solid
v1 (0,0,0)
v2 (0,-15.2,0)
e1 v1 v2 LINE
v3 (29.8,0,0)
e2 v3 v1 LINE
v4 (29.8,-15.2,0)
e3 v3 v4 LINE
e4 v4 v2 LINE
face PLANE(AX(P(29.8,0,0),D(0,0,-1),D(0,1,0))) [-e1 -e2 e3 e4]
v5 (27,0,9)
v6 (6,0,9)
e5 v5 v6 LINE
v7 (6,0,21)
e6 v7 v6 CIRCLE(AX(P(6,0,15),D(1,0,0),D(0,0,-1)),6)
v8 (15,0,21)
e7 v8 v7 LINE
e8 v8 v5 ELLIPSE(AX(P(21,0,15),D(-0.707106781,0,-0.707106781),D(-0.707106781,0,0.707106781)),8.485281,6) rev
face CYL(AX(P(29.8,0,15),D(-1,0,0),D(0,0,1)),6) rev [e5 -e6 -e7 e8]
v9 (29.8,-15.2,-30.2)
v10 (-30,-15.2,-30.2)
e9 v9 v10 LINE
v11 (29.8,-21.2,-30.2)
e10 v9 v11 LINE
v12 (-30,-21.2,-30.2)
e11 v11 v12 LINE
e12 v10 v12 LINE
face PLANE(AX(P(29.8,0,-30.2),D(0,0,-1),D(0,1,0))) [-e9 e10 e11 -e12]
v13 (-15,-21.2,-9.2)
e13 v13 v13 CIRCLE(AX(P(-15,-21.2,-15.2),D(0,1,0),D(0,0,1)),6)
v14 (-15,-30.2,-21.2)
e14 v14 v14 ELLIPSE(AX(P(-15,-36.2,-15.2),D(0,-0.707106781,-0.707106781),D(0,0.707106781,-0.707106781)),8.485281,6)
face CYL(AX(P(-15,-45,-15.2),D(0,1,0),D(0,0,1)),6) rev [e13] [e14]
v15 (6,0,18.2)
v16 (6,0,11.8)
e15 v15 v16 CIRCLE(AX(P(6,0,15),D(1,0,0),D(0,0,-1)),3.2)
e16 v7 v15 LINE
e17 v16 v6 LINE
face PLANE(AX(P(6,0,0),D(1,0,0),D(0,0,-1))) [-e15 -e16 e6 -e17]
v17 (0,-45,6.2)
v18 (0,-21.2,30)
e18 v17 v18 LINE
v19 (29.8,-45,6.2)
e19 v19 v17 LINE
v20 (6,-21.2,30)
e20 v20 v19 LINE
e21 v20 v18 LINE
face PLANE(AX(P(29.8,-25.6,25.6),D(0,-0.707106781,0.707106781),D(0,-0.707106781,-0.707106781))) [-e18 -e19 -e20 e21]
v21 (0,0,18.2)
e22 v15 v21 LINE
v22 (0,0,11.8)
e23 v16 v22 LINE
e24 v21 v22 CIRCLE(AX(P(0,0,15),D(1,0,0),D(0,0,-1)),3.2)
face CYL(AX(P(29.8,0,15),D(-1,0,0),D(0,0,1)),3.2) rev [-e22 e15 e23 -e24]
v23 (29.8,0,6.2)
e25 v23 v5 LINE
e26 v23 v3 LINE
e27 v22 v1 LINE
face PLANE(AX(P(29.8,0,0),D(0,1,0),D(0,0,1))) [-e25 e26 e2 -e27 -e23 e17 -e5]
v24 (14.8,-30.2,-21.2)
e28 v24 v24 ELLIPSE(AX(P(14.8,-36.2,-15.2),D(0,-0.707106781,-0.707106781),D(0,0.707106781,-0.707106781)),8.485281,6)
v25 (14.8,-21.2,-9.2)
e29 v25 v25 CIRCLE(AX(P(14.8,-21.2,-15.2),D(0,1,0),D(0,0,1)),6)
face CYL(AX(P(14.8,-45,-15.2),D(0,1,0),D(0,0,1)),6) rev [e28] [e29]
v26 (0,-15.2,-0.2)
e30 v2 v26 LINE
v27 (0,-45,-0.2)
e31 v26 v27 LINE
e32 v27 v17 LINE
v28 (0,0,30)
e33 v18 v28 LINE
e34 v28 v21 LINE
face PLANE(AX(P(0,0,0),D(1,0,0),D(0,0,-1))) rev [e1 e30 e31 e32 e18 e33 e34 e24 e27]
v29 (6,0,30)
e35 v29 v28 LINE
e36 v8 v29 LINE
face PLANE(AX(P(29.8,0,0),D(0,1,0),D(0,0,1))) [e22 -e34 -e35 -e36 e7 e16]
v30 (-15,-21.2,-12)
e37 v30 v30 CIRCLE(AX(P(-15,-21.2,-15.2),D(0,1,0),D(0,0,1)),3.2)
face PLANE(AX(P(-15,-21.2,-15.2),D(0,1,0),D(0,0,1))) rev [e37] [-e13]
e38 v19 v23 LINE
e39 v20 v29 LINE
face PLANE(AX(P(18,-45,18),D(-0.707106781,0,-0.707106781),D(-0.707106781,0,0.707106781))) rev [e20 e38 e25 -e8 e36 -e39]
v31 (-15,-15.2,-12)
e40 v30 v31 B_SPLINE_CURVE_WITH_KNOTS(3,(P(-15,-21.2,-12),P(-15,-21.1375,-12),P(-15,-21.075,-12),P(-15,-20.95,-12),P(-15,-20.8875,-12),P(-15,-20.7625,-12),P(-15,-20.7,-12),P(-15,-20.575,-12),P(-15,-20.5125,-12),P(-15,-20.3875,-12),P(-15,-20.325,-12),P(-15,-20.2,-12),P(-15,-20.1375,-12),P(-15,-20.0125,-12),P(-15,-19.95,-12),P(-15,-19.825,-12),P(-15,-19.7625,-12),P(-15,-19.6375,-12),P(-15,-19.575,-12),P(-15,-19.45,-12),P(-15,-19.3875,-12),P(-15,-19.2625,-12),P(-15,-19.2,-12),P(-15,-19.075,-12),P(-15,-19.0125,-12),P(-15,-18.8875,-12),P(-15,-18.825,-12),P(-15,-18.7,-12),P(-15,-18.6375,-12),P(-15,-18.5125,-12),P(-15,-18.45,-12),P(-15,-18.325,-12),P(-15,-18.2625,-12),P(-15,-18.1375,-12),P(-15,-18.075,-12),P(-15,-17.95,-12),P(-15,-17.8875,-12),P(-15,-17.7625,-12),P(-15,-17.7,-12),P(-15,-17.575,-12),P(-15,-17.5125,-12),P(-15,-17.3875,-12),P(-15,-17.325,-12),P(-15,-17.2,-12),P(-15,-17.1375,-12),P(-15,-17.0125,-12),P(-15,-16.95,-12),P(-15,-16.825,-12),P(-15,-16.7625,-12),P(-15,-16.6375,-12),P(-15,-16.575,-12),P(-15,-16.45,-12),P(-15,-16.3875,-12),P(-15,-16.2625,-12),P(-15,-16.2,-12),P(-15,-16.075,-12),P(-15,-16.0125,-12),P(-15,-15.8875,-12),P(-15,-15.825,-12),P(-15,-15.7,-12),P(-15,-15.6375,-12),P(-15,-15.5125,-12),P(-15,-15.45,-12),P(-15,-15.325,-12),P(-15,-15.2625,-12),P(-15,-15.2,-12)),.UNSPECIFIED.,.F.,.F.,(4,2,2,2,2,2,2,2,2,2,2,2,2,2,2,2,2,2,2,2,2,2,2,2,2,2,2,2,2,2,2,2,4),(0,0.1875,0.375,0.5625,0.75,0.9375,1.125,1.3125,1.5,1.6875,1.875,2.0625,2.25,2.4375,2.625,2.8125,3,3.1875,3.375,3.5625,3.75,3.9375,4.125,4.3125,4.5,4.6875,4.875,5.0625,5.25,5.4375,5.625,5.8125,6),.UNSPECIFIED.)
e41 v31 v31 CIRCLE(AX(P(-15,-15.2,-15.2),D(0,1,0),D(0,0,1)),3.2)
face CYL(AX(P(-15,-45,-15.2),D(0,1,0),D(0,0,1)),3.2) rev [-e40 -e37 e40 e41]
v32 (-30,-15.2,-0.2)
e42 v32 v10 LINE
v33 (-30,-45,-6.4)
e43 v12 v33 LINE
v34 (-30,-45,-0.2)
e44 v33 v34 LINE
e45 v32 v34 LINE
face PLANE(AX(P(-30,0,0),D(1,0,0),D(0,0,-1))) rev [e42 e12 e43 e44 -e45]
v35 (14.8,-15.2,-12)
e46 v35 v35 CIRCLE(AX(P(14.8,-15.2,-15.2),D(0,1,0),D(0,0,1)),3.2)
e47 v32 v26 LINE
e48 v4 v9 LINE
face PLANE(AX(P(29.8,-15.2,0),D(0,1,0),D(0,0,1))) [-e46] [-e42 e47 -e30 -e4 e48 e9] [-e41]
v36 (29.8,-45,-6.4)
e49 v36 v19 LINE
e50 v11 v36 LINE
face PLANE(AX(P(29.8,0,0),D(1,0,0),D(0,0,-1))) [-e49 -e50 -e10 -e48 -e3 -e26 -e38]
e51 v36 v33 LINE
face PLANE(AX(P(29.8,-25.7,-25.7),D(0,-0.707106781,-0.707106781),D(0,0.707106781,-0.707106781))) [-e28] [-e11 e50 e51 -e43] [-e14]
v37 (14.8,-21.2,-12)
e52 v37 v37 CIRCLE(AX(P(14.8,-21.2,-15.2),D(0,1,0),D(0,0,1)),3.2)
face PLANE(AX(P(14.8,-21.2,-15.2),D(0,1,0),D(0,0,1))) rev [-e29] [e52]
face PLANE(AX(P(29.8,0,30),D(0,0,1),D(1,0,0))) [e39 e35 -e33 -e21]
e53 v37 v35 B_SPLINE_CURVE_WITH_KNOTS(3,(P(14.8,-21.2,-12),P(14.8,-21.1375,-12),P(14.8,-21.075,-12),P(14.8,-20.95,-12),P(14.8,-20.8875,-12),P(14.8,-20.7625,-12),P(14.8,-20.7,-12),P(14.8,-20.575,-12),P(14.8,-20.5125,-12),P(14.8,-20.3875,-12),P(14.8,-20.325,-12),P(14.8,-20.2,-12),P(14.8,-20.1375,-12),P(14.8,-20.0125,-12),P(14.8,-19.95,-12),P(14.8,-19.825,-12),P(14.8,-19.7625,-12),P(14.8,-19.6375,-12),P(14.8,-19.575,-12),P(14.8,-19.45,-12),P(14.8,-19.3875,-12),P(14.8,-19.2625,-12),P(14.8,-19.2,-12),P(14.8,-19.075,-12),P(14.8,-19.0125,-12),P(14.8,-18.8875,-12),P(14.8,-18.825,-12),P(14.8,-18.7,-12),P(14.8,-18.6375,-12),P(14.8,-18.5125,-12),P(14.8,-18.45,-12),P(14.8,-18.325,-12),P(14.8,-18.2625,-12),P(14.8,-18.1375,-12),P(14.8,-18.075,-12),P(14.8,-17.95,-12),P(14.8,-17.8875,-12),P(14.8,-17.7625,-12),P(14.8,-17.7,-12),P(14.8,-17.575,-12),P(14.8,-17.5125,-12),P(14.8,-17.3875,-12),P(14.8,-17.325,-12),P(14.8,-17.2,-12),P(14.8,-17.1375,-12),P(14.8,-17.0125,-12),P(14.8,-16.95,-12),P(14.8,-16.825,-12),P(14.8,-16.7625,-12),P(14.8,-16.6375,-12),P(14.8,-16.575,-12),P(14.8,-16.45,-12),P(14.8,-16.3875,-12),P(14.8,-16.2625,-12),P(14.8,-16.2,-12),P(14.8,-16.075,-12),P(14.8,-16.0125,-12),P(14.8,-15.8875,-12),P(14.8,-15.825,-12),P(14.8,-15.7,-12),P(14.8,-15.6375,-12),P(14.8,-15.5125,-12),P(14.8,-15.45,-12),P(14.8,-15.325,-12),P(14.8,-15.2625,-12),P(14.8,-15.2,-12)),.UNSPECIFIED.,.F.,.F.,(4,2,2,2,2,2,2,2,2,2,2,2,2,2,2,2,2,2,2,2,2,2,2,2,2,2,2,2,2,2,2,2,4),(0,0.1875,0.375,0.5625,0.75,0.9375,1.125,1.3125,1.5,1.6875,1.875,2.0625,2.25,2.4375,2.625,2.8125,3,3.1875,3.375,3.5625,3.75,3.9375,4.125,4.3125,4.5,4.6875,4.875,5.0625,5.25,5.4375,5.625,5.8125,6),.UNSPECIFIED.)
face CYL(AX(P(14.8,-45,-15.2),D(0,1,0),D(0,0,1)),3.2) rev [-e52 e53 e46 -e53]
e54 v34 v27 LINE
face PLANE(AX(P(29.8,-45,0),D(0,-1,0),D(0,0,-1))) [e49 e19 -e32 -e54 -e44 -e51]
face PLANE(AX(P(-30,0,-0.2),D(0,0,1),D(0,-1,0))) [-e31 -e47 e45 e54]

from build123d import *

# Parameters (mm, degrees)
BOSS_EXTRUDE1_DEPTH = 29.8
BOSS_EXTRUDE2_DEPTH = 30
SKETCH2_R           = 3.2
CUT_EXTRUDE1_DEPTH  = 62.943845538
CUT_EXTRUDE2_START  = -21.2
SKETCH2_3_R         = 6
SKETCH2_3_R_2       = 3.2
CUT_EXTRUDE2_DEPTH  = 41.743845538
CUT_EXTRUDE3_START  = 6
CUT_EXTRUDE3_DEPTH  = 56.943845538


with BuildPart() as part:
    # Sketch1 → Boss-Extrude1 (new body)
    with BuildSketch(Plane.YZ):
        with BuildLine():
            Line((-15.2, 0), (0, 0))
            Line((0, 0), (0, 11.8))
            ThreePointArc((0, 11.8), (-3.2, 15), (0, 18.2))
            Line((0, 18.2), (0, 30))
            Line((0, 30), (-21.2, 30))
            Line((-21.2, 30), (-45, 6.2))
            Line((-45, 6.2), (-45, -6.4))
            Line((-45, -6.4), (-21.2, -30.2))
            Line((-21.2, -30.2), (-15.2, -30.2))
            Line((-15.2, -30.2), (-15.2, 0))
        make_face()
    extrude(amount=BOSS_EXTRUDE1_DEPTH)

    # Sketch1<3> → Boss-Extrude2 (add)
    with BuildSketch(Plane.YZ):
        Polygon((-15.2, -30.2), (-15.2, -0.2), (-45, -0.2), (-45, -6.4), (-21.2, -30.2), align=None)
    extrude(amount=-BOSS_EXTRUDE2_DEPTH)

    # Sketch2 → Cut-Extrude1 (cut, through all)
    with BuildSketch(Plane(origin=(0, 0, 0), x_dir=(-1, 0, 0), z_dir=(0, 1, 0))):
        Polygon((-29.8, 18.2), (-17.8, 18.2), (-6, 30), (-29.8, 30), align=None)
        Polygon((-29.8, 11.8), (-24.2, 11.8), (-17.8, 18.2), (-29.8, 18.2), align=None)
        Polygon((-29.8, 11.8), (-29.8, 6.2), (-24.2, 11.8), align=None)
        with Locations(Location((-14.8, -15.2, 0), (0, 0, 90))):
            Circle(SKETCH2_R)
        with Locations(Location((15, -15.2, 0), (0, 0, 90))):
            Circle(SKETCH2_R)
    extrude(amount=-CUT_EXTRUDE1_DEPTH, mode=Mode.SUBTRACT)

    # Sketch2<3> → Cut-Extrude2 (cut, through all)
    # profile 1 of 2: a face of its own
    with BuildSketch(Plane(origin=(0, 0, 0), x_dir=(-1, 0, 0), z_dir=(0, 1, 0)).offset(CUT_EXTRUDE2_START)):
        with Locations(Location((-14.8, -15.2, 0), (0, 0, 90))):
            Circle(SKETCH2_3_R)
        with Locations(Location((-14.8, -15.2, 0), (0, 0, 90))):
            Circle(SKETCH2_3_R_2, mode=Mode.SUBTRACT)
    # profile 2 of 2: a face of its own
    with BuildSketch(Plane(origin=(0, 0, 0), x_dir=(-1, 0, 0), z_dir=(0, 1, 0)).offset(CUT_EXTRUDE2_START)):
        with Locations(Location((15, -15.2, 0), (0, 0, 90))):
            Circle(SKETCH2_3_R)
        with Locations(Location((15, -15.2, 0), (0, 0, 90))):
            Circle(SKETCH2_3_R_2, mode=Mode.SUBTRACT)
    extrude(amount=-CUT_EXTRUDE2_DEPTH, mode=Mode.SUBTRACT)

    # Sketch1<4> → Cut-Extrude3 (cut, through all)
    with BuildSketch(Plane.YZ.offset(CUT_EXTRUDE3_START)):
        with BuildLine():
            ThreePointArc((0, 21), (-6, 15), (0, 9))
            Line((0, 9), (0, 11.8))
            ThreePointArc((0, 11.8), (-3.2, 15), (0, 18.2))
            Line((0, 18.2), (0, 21))
        make_face()
        with BuildLine():
            Line((0, 11.8), (0, 9))
            ThreePointArc((0, 9), (4.242640687, 10.757359313), (6, 15))
            ThreePointArc((6, 15), (4.242640687, 19.242640687), (0, 21))
            Line((0, 21), (0, 18.2))
            ThreePointArc((0, 18.2), (2.2627417, 17.2627417), (3.2, 15))
            ThreePointArc((3.2, 15), (2.2627417, 12.7372583), (0, 11.8))
        make_face()
    extrude(amount=CUT_EXTRUDE3_DEPTH, mode=Mode.SUBTRACT)


solid = part.part
